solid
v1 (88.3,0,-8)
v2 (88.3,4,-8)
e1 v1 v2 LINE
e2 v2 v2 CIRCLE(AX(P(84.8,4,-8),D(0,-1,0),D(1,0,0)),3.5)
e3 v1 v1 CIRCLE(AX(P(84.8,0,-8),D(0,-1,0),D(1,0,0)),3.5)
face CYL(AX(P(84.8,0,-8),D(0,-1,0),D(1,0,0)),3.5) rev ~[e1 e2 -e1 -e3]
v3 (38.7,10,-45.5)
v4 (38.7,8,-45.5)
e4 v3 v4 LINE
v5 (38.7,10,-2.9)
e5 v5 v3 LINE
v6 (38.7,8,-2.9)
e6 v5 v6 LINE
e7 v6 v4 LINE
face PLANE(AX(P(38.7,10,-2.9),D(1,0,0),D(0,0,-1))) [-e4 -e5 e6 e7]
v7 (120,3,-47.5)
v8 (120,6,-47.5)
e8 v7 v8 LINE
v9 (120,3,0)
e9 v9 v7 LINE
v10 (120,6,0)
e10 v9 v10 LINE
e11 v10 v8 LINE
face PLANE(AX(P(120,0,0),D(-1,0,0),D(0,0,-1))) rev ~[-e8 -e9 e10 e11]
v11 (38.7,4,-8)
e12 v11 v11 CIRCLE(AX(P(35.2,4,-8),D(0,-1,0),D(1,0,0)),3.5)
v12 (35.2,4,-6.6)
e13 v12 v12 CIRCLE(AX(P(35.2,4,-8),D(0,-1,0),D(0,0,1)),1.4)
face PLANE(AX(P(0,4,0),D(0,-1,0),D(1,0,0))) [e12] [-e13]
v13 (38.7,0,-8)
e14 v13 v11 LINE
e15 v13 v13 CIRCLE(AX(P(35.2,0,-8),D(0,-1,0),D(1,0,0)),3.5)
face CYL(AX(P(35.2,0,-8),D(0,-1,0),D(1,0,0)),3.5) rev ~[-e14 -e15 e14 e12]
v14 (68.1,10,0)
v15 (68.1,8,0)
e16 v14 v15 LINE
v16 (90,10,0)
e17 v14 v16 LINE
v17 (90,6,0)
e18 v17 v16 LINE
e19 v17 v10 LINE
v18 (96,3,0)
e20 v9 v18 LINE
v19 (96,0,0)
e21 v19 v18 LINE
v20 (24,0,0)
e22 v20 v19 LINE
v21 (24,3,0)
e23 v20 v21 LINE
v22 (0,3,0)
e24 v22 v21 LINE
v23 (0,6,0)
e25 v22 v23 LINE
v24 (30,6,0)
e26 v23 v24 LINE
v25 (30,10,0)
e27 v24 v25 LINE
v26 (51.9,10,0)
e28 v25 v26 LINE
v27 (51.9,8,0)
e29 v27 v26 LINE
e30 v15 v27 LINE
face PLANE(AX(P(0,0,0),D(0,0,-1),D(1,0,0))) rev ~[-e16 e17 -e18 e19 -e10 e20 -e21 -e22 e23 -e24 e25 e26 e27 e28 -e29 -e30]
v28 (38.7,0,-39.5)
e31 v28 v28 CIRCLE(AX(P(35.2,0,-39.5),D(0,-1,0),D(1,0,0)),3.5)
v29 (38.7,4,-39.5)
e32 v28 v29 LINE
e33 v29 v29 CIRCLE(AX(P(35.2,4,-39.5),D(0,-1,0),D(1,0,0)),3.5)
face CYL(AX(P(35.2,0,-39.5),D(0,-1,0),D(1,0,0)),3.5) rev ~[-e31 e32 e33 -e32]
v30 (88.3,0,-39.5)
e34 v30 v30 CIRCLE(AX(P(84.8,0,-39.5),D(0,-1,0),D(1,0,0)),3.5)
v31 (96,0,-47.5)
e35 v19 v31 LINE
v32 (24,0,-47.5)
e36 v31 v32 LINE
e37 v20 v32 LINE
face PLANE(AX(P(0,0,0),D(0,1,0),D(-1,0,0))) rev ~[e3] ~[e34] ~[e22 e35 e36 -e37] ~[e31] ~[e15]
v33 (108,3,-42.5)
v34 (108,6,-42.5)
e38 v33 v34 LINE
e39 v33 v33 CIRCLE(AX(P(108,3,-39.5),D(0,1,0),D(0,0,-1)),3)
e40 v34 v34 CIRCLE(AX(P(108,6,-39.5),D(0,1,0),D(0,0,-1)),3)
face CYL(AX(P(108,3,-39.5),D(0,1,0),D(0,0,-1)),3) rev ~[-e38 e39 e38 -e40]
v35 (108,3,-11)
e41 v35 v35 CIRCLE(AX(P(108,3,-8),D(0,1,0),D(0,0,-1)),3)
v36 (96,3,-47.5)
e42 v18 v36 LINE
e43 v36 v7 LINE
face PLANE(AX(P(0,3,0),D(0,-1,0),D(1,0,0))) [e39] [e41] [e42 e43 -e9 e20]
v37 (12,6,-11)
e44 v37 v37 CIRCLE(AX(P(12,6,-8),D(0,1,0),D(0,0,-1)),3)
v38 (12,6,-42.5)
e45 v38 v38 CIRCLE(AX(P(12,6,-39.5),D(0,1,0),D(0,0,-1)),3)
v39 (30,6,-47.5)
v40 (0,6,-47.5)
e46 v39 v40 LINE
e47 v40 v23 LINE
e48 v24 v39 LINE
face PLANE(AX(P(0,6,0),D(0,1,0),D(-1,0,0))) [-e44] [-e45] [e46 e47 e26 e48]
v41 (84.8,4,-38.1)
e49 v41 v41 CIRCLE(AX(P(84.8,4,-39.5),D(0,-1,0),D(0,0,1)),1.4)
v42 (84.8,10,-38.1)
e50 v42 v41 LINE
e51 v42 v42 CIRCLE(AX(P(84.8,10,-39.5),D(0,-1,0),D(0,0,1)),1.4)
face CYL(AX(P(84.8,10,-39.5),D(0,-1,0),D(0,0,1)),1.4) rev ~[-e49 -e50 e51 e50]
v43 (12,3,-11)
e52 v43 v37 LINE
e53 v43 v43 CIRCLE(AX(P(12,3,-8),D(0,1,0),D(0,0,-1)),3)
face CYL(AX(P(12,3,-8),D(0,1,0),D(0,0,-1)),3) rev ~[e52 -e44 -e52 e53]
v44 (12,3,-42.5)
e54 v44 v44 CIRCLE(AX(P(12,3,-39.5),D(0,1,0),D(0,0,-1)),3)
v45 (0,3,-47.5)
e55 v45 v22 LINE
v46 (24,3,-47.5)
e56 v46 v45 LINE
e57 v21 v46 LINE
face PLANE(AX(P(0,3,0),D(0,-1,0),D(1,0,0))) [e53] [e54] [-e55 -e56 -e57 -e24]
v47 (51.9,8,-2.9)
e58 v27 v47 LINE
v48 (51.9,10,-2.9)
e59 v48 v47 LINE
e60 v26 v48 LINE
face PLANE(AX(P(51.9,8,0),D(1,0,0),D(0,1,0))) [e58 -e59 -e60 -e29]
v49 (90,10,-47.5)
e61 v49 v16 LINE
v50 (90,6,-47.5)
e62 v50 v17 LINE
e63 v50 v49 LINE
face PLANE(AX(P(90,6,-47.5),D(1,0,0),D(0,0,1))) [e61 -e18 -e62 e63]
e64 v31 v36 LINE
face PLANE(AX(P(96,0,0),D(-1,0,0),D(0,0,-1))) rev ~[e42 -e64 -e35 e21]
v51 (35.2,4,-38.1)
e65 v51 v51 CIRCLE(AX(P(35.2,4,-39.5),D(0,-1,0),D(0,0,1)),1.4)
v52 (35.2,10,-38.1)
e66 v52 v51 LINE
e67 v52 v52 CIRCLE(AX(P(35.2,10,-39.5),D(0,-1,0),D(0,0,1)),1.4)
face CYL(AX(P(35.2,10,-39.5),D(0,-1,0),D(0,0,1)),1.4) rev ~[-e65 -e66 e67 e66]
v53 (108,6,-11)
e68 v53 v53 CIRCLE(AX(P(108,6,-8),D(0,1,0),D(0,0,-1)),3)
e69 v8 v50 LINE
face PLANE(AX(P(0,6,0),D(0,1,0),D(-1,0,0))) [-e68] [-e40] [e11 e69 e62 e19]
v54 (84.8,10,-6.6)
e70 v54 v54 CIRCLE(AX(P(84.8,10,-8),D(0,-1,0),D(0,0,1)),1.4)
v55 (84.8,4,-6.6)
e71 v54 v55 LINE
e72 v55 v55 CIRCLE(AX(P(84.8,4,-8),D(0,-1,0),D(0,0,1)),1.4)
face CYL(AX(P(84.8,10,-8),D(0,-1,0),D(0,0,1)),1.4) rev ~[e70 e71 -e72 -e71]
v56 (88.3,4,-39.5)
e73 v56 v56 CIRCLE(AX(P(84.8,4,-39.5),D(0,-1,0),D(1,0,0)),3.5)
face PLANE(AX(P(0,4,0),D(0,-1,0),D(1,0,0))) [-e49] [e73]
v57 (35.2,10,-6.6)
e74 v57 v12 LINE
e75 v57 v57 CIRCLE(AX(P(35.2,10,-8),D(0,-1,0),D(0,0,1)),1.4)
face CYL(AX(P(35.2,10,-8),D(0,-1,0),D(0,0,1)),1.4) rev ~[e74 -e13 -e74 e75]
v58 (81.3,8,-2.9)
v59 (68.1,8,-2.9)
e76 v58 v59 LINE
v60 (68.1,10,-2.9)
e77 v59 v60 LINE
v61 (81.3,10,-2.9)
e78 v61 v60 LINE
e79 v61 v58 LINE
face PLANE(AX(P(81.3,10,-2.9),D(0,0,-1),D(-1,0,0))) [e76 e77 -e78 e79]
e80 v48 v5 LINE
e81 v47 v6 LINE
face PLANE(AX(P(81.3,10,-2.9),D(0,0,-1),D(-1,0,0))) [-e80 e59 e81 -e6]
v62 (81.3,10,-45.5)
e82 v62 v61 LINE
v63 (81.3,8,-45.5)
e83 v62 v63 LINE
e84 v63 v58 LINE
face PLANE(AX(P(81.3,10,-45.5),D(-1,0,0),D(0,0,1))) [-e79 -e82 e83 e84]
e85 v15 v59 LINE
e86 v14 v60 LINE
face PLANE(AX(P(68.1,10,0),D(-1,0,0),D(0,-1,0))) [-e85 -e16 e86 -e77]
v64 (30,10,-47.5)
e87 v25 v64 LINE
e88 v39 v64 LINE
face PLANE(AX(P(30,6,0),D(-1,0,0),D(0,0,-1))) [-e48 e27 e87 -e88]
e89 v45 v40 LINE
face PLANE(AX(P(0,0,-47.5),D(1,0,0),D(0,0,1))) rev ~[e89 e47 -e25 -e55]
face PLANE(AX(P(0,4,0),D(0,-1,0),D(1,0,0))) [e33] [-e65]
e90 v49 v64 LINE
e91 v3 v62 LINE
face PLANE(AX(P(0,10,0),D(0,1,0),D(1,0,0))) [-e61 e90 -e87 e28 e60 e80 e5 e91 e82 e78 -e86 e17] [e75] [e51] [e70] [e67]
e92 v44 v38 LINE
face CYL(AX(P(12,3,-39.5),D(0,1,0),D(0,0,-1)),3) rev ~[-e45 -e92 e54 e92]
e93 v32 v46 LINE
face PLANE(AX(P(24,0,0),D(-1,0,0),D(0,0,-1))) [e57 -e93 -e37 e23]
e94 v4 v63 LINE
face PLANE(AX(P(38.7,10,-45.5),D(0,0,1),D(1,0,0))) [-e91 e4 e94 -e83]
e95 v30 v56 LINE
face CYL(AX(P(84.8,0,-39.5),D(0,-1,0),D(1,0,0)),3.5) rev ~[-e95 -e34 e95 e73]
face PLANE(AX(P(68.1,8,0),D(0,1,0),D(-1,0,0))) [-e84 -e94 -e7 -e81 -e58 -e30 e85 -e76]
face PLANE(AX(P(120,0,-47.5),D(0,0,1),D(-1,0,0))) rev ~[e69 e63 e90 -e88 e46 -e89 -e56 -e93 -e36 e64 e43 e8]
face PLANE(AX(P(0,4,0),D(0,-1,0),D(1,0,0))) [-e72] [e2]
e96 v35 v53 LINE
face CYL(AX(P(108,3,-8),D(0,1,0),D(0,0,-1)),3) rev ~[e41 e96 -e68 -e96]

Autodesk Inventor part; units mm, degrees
ref_plane "YZ Plane" through (0, 0, 0) normal (1, 0, 0) x (0, 1, 0)
ref_plane "XZ Plane" through (0, 0, 0) normal (0, 1, 0) x (-1, 0, 0)
ref_plane "XY Plane" through (0, 0, 0) normal (0, 0, 1) x (1, 0, 0)
sketch "スケッチ1" plane through (0, 0, 0) normal (0, 1, 0) x (-1, 0, 0)
  line L0 (0, 0) -> (-120, 0)
  line L1 (-120, 0) -> (-120, -47.5)
  line L2 (-120, -47.5) -> (0, -47.5)
  line L3 (0, -47.5) -> (0, 0)
  dimension "d0" = 120
  dimension "d1" = 47.5
extrude "押し出し1" add sketch "スケッチ1" along normal blind 6
ref_plane "作業平面1" through (0, 0, 0) normal (0, 0, 1) x (1, 0, 0)
ref_plane "作業平面2" through (0, 6, 0) normal (0, 1, 0) x (1, 0, 0)
sketch "スケッチ3" plane through (0, 6, 0) normal (0, 1, 0) x (1, 0, 0)
  line L0 (120, 47.5) -> (0, 47.5) projected
  line L1 (0, 0) -> (120, 0) projected
  line L2 (30, 47.5) -> (90, 47.5)
  line L3 (90, 47.5) -> (90, 0)
  line L4 (90, 0) -> (30, 0)
  line L5 (30, 0) -> (30, 47.5)
  point P0 (30, 0)
  point P1 (60, 47.5)
  point P2 (60, 47.5)
  point P3 (60, 47.5)
  dimension "d9" = 60
  dimension "d50" = 0
extrude "押し出し3" add sketch "スケッチ3" along normal blind 4
ref_plane "作業平面3" through (0, 10, 0) normal (0, 1, 0) x (1, 0, 0)
sketch "スケッチ4" plane through (0, 10, 0) normal (0, 1, 0) x (1, 0, 0)
  line L0 (38.7, 45.5) -> (81.3, 45.5)
  line L1 (81.3, 45.5) -> (81.3, 2.9)
  line L2 (81.3, 2.9) -> (38.7, 2.9)
  line L3 (38.7, 2.9) -> (38.7, 45.5)
  line L4 (90, 47.5) -> (30, 47.5) projected
  line L5 (90, 0) -> (90, 47.5) projected
  point P0 (0, 0)
  point P1 (90, 23.75)
  point P2 (60, 47.5)
  dimension "d14" = 42.6
  dimension "d15" = 42.6
extrude "押し出し4" cut sketch "スケッチ4" against normal blind 2
sketch "スケッチ5" plane through (120, 0, 0) normal (0, 0, 1) x (1, 0, 0)
  line L0 (-30, 10) -> (-90, 10) projected
  line L1 (-38.7, 8) -> (-81.3, 8) projected
  line L2 (-68.1, 10) -> (-51.9, 10)
  line L3 (-51.9, 10) -> (-51.9, 8)
  line L4 (-51.9, 8) -> (-68.1, 8)
  line L5 (-68.1, 8) -> (-68.1, 10)
  point P0 (-120, 0)
  dimension "d20" = 16.2
extrude "押し出し5" cut sketch "スケッチ5" against normal blind 3
sketch "スケッチ6" plane through (0, 10, 0) normal (0, 1, 0) x (1, 0, 0)
  line L0 (90, 47.5) -> (30, 47.5) projected
  line L1 (144, 0) -> (-24, 0) projected
  line L2 (30, 47.5) -> (30, 0) projected
  line L3 (90, 0) -> (90, 47.5) projected
  line L4 (38.7, 2.9) -> (38.7, 45.5) projected
  point P0 (0, 0)
  point P1 (35.2, 39.5)
  point P2 (35.2, 8)
  point P3 (84.8, 8)
  point P4 (84.8, 39.5)
  dimension "d27" = 8
  dimension "d28" = 8
  dimension "d29" = 8
  dimension "d30" = 8
  dimension "d31" = 5.2
  dimension "d32" = 5.2
  dimension "d33" = 5.2
  dimension "d34" = 5.2
  dimension "d49" = 49.6
  dimension "d75" = 3.5
hole "穴1" at (35.2, 10, -39.5) at (35.2, 10, -8) at (84.8, 10, -8) at (84.8, 10, -39.5) direction (0, -1, 0) diameter 2.8 end through all
sketch "スケッチ7" plane through (0, 0, 0) normal (0, -1, 0) x (1, 0, 0)
  circle A0 centre (35.2, -8) radius 1.4 projected
  circle A1 centre (35.2, -8) radius 3.5
  circle A2 centre (84.8, -8) radius 1.4 projected
  circle A3 centre (84.8, -8) radius 3.5
  circle A4 centre (84.8, -39.5) radius 1.4 projected
  circle A5 centre (84.8, -39.5) radius 3.5
  circle A6 centre (35.2, -39.5) radius 1.4 projected
  circle A7 centre (35.2, -39.5) radius 3.5
  point P0 (0, 0)
  dimension "d42" = 7
  dimension "d43" = 7
  dimension "d44" = 7
  dimension "d45" = 7
extrude "押し出し6" cut sketch "スケッチ7" against normal blind 4 contours A0 | A1 | A3 | A4 | A5 | A6 | A7
ref_plane "作業平面4" through (0, 0, 0) normal (0, -1, 0) x (1, 0, 0)
sketch "スケッチ8" plane through (0, 0, 0) normal (0, -1, 0) x (1, 0, 0)
  line L0 (0, 0) -> (24, 0)
  line L1 (24, 0) -> (24, -47.5)
  line L2 (24, -47.5) -> (0, -47.5)
  line L3 (0, -47.5) -> (0, 0)
  line L4 (120, 0) -> (120, -47.5) projected
  line L5 (120, 0) -> (96, 0)
  line L6 (96, 0) -> (96, -47.5)
  line L7 (96, -47.5) -> (120, -47.5)
  line L8 (120, -47.5) -> (120, 0)
  dimension "d53" = 24
  dimension "d54" = 47.5
  dimension "d55" = 24
  dimension "d56" = 47.5
extrude "押し出し7" cut sketch "スケッチ8" against normal blind 3
ref_plane "作業平面5" through (0, 3, 0) normal (0, -1, 0) x (1, 0, 0)
sketch "スケッチ9" plane through (0, 3, 0) normal (0, -1, 0) x (1, 0, 0)
  line L0 (0, -47.5) -> (0, 0) projected
  line L1 (0, 0) -> (24, 0) projected
  line L2 (24, -47.5) -> (0, -47.5) projected
  line L3 (120, 0) -> (120, -47.5) projected
  line L4 (96, 0) -> (120, 0) projected
  line L5 (120, -47.5) -> (96, -47.5) projected
  line L6 (24, 0) -> (24, -47.5) projected
  point P0 (12, -8)
  point P1 (12, -39.5)
  point P2 (108, -8)
  point P3 (108, -39.5)
  point P4 (12, 0)
  dimension "d60" = 12
  dimension "d61" = 8
  dimension "d62" = 8
  dimension "d63" = 12
  dimension "d64" = 12
  dimension "d65" = 12
  dimension "d66" = 8
  dimension "d67" = 8
  dimension "d76" = 12
hole "穴2" at (12, 3, -8) at (12, 3, -39.5) at (108, 3, -8) at (108, 3, -39.5) direction (0, 1, 0) diameter 6 end through all
properties part number "motor_mount1_3D プリント"
